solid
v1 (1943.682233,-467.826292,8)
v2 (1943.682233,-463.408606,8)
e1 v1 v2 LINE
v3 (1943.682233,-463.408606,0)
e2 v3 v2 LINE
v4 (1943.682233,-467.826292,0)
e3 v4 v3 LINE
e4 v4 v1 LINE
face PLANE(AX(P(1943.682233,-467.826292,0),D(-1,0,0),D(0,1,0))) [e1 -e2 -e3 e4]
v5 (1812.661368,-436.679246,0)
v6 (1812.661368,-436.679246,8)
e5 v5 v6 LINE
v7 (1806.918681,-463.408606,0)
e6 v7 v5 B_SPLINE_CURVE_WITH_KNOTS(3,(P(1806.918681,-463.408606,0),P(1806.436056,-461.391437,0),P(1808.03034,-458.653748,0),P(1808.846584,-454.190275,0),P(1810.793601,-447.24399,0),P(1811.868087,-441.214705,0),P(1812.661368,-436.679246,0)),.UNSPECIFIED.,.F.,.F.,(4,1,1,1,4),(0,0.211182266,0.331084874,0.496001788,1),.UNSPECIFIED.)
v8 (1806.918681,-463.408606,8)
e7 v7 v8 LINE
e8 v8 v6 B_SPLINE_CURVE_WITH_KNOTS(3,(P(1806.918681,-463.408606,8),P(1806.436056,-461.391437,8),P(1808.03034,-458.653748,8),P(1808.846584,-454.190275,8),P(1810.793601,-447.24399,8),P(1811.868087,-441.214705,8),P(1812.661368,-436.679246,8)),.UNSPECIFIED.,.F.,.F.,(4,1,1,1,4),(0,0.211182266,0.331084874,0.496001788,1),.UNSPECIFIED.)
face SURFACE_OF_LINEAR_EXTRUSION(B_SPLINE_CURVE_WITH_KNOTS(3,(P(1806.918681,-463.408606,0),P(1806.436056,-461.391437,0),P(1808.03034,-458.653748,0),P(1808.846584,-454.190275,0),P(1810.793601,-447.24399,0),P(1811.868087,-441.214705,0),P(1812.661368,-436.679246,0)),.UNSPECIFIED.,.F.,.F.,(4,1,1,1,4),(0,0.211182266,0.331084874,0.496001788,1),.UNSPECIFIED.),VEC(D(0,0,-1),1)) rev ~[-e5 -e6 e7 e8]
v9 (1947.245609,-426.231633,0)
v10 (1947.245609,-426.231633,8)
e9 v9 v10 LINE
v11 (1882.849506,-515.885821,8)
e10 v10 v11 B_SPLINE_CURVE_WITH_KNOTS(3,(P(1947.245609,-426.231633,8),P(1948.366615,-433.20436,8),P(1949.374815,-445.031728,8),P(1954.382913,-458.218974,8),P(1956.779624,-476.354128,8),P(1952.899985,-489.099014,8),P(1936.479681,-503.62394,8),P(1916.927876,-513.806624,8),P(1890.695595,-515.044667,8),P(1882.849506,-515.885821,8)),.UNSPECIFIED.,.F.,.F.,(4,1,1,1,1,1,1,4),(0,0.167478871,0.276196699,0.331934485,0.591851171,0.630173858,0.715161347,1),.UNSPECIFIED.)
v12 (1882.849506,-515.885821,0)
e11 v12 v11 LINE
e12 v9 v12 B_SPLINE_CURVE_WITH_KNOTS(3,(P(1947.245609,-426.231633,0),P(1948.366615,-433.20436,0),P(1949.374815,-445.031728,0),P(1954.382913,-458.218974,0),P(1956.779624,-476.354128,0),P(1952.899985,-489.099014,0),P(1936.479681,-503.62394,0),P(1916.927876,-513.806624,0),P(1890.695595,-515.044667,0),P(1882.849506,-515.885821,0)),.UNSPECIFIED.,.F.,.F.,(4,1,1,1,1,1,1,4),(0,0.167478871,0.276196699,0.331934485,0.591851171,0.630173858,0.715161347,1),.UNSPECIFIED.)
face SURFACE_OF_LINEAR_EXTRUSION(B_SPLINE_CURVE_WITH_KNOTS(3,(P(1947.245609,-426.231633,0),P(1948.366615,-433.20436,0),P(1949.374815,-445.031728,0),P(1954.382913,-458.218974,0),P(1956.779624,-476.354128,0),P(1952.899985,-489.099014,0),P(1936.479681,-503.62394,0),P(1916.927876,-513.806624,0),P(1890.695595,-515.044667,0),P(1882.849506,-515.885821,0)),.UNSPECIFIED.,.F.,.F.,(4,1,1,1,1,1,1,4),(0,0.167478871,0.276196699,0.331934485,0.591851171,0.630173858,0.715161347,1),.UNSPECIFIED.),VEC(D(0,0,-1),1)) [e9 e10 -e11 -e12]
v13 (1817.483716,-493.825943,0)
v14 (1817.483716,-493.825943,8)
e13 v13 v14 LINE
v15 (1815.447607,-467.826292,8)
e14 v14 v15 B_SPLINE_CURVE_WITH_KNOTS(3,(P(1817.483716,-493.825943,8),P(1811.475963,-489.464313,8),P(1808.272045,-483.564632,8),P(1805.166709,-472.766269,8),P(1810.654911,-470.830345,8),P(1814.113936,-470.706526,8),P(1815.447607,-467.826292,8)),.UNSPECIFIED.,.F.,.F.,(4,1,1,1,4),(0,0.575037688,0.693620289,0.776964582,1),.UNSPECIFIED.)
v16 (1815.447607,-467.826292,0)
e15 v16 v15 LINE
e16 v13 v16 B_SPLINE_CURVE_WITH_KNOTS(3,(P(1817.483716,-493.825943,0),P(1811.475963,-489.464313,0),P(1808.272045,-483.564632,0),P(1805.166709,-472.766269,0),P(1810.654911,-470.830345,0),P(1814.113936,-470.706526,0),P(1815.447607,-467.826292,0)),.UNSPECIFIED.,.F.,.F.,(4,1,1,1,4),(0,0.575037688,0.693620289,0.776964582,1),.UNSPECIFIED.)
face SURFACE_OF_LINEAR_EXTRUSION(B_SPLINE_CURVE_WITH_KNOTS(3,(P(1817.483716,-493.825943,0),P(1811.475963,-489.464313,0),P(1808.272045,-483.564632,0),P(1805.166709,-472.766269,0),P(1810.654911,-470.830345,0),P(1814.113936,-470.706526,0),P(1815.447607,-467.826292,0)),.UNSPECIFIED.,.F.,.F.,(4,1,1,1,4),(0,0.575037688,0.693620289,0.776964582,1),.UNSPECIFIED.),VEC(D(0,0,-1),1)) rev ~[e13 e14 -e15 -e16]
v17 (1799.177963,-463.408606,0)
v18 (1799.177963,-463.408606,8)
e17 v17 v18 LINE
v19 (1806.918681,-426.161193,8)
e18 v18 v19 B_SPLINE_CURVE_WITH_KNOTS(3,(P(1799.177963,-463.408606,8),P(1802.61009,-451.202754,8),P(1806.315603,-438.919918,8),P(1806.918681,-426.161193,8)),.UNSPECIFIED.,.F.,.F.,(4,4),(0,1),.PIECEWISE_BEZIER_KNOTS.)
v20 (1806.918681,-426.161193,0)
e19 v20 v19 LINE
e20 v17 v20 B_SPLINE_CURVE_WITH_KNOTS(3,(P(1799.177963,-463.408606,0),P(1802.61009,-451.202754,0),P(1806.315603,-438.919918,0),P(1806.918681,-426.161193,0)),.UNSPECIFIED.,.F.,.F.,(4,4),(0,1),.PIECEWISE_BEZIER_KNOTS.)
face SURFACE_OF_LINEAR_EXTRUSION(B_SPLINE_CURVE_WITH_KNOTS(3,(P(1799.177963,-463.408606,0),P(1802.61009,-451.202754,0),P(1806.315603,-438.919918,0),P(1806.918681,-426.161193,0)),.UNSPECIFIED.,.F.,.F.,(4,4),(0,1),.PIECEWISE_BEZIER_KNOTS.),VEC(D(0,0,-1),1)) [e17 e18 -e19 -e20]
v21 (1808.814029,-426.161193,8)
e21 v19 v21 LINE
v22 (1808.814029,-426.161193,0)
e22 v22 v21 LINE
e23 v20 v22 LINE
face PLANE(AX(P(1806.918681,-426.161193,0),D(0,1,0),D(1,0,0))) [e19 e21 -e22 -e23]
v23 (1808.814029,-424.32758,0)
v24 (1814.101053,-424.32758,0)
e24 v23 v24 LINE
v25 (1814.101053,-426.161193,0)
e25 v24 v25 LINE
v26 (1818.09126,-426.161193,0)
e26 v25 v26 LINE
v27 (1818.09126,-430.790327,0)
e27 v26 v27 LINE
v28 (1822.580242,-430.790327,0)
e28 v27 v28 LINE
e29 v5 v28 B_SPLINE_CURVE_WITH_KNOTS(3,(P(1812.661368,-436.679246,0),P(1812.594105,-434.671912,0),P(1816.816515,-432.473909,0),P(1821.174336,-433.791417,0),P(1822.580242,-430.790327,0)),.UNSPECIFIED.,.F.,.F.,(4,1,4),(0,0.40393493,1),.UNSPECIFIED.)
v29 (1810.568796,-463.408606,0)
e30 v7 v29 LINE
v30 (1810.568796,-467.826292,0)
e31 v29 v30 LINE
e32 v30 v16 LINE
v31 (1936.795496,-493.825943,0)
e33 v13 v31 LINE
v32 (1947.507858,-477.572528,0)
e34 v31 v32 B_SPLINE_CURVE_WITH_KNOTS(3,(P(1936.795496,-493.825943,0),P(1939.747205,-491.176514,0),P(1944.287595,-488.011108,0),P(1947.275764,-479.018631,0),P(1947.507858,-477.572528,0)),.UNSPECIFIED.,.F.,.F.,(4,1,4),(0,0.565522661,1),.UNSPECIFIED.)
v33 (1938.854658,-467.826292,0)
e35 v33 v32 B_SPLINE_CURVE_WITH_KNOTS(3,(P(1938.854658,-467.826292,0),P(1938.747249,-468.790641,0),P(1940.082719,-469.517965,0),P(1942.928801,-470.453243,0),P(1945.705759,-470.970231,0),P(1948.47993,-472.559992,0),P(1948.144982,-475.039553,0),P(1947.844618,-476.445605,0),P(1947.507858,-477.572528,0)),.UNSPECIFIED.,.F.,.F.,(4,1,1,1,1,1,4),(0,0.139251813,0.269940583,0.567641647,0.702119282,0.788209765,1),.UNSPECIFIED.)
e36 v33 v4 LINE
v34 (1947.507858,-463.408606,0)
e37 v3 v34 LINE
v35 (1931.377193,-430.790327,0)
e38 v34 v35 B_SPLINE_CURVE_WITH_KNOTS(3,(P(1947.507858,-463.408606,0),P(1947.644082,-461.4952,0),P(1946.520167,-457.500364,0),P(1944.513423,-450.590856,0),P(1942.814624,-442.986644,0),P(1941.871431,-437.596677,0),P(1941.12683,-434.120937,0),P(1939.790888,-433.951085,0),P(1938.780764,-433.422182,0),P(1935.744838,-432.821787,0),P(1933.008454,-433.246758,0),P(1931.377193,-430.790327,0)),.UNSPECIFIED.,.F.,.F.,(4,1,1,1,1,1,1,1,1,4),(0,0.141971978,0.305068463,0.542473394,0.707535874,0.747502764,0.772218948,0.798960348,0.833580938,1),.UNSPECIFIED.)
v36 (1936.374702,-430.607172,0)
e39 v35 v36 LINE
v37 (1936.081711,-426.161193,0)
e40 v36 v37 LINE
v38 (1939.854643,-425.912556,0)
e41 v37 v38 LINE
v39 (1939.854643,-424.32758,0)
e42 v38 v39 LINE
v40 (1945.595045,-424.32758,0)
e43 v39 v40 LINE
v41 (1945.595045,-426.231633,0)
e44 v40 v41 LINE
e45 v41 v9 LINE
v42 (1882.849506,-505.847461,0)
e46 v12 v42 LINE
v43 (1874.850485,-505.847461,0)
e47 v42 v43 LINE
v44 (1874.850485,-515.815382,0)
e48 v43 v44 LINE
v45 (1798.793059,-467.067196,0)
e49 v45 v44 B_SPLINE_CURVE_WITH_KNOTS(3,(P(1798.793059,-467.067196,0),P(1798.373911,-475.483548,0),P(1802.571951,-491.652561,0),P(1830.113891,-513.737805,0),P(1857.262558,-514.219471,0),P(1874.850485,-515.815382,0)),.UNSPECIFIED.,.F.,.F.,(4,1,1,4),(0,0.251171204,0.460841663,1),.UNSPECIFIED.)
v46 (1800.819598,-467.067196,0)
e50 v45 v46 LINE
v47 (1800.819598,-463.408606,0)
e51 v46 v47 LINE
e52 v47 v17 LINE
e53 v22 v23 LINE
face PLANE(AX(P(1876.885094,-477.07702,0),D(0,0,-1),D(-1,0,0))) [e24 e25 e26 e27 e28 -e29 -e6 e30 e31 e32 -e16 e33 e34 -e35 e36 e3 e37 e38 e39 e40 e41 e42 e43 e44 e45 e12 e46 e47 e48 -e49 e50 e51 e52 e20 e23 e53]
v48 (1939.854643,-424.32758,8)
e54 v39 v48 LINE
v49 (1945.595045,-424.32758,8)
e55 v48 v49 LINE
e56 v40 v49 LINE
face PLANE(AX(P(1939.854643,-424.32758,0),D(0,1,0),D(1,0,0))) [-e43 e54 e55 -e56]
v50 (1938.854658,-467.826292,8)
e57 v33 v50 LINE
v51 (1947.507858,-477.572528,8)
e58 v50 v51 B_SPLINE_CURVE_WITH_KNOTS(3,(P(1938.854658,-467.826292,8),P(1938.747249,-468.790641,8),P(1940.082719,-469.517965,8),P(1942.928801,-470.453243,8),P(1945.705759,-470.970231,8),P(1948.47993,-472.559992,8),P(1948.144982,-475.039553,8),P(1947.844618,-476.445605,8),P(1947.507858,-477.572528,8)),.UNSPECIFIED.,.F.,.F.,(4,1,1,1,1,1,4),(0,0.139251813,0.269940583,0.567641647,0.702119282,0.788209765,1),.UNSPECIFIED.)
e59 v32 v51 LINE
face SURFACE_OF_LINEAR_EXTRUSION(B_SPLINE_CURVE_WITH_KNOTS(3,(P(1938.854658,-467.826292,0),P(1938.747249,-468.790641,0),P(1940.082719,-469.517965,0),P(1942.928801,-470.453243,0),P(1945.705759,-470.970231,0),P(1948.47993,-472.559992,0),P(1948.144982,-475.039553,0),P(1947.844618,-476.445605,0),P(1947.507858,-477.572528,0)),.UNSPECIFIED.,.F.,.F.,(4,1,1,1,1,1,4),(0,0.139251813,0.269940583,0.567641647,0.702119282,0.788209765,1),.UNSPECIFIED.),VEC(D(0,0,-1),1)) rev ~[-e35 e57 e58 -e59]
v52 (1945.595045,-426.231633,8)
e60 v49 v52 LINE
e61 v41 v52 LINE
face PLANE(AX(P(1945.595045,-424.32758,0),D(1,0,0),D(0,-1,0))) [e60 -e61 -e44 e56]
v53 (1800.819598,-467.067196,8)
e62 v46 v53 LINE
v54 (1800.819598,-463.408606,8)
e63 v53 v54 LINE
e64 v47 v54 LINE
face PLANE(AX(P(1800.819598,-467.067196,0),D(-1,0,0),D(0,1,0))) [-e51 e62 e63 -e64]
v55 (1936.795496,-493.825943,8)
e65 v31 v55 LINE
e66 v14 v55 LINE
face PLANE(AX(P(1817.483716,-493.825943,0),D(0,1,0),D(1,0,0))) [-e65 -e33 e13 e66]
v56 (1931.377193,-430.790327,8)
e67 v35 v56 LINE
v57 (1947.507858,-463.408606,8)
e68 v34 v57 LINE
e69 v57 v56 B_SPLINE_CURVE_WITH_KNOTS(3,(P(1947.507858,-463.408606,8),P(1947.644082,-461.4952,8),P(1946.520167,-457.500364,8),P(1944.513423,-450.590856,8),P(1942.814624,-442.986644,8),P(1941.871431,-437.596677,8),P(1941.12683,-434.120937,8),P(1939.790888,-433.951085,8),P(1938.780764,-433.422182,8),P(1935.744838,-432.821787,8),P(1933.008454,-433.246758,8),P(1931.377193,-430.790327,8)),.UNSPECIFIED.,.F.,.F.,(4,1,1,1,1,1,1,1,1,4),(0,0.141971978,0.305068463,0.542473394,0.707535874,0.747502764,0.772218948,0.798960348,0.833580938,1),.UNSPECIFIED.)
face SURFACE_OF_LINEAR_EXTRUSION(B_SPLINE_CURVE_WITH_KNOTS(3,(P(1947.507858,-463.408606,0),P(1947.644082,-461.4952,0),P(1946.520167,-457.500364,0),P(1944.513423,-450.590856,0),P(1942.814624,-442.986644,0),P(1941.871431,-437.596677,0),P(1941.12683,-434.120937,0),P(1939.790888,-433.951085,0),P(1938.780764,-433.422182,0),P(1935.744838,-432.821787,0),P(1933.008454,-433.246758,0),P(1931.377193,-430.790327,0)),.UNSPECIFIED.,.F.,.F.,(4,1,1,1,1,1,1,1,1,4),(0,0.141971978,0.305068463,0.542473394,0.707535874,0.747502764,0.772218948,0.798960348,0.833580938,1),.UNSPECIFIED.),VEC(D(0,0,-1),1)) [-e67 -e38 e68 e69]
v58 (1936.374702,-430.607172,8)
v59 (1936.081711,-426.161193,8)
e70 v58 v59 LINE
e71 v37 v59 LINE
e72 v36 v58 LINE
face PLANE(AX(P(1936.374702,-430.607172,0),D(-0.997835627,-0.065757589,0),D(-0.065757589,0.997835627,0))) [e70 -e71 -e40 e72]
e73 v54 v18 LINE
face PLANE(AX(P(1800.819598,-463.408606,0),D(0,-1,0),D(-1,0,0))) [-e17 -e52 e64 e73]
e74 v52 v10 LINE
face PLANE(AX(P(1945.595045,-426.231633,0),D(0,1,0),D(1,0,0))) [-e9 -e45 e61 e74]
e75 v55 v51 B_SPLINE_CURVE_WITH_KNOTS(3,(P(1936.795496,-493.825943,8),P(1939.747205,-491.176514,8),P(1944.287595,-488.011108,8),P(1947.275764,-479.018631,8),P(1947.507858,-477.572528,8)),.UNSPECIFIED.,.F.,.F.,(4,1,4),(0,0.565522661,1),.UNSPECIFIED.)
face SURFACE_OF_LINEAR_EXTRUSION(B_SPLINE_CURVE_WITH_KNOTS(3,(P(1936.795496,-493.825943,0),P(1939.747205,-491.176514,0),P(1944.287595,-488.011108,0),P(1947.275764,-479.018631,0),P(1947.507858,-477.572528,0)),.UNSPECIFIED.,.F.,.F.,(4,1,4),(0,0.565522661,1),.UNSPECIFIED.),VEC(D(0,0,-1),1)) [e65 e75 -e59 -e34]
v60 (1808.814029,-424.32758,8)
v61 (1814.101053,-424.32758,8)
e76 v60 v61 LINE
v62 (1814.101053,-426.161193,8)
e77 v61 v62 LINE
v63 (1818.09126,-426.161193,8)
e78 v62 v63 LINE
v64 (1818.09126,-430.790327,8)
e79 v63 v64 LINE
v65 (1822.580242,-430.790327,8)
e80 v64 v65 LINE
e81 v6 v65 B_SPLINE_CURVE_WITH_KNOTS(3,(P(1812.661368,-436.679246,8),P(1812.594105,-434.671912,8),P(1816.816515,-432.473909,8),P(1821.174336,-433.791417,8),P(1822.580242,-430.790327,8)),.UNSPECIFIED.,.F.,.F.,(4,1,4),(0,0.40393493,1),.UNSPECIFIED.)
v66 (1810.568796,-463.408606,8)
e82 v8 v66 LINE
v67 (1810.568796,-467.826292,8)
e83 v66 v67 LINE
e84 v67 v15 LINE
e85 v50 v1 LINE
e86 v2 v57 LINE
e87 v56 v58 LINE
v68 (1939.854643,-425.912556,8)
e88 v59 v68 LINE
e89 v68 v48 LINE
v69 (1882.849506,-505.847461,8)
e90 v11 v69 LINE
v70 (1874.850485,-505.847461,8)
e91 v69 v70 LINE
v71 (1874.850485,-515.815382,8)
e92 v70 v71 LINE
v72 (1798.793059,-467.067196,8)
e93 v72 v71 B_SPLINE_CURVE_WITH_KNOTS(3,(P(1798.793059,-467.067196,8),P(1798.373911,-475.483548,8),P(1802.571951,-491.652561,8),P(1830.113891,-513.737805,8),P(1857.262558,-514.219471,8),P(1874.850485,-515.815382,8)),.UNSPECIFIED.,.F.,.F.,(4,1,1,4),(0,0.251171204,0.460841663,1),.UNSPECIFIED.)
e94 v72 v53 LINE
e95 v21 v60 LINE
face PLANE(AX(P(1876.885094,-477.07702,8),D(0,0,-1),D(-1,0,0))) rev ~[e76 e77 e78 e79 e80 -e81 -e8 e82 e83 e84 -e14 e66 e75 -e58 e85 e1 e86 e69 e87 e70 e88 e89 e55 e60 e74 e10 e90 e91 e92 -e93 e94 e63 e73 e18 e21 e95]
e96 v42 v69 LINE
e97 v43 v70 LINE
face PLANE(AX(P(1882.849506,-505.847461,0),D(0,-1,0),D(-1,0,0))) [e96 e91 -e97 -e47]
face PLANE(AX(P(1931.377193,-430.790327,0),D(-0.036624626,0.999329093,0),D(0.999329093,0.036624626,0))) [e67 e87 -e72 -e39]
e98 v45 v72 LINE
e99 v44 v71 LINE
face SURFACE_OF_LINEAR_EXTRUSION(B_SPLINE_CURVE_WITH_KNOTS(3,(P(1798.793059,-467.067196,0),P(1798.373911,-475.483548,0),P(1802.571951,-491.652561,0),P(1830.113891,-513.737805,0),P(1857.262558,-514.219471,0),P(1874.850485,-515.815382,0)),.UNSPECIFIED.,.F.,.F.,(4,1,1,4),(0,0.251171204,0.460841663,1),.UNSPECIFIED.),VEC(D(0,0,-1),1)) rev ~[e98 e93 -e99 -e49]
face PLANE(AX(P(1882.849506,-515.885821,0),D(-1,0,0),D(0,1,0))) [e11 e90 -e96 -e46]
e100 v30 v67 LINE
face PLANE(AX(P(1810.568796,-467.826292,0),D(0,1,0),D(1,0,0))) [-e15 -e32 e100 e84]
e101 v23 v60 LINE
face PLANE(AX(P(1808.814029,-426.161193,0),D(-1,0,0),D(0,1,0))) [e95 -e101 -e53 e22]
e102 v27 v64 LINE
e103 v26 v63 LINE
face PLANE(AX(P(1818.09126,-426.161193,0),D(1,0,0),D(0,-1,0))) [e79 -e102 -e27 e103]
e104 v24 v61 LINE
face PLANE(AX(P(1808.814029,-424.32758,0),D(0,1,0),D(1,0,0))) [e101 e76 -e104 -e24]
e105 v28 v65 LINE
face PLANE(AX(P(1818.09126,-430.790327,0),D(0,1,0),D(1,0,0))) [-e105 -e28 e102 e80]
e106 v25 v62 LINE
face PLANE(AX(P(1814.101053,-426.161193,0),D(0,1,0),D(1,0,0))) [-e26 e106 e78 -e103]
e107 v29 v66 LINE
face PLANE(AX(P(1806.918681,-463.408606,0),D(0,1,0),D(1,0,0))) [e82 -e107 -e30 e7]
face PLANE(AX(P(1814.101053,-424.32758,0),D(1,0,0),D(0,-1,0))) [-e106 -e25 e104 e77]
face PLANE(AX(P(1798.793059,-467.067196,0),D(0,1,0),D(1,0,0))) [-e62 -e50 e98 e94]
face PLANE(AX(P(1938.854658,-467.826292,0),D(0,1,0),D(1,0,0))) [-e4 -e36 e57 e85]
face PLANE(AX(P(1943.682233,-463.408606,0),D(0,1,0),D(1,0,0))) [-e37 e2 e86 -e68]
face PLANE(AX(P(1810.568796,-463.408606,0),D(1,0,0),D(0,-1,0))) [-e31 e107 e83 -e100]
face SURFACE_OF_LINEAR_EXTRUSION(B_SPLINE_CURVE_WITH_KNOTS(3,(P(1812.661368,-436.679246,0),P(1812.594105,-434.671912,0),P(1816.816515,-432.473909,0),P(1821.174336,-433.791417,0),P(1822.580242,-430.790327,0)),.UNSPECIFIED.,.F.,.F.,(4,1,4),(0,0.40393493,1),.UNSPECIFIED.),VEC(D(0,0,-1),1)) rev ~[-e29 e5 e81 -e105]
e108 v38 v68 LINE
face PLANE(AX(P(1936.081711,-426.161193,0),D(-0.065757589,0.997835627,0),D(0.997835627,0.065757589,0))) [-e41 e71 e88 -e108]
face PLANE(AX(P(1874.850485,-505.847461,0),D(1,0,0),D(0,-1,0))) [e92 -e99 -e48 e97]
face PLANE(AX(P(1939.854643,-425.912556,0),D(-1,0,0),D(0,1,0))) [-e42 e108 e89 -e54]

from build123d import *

# Parameters (mm, degrees)
EXTRUDE_1_DEPTH = 8


with BuildPart() as part:
    # 草图1 → 凸台-拉伸1 (new body)
    with BuildSketch(Plane.XY):
        with BuildLine():
            Line((1817.483715836, -493.825942956), (1936.795496106, -493.825942956))
            add(Edge.make_bspline(
                [(1936.795496106, -493.825942956), (1939.747205065, -491.176513643), (1944.2875945, -488.011108288), (1947.275764377, -479.018631105), (1947.507857706, -477.572527646)],
                knots=[0, 0, 0, 0, 0.565522661, 1, 1, 1, 1], degree=3))
            add(Edge.make_bspline(
                [(1938.85465802, -467.826292211), (1938.747248524, -468.790640628), (1940.08271868, -469.517965224), (1942.928801099, -470.453243252), (1945.705758528, -470.970230575), (1948.479929892, -472.559992486), (1948.144981641, -475.039552925), (1947.844617595, -476.44560544), (1947.507857706, -477.572527646)],
                knots=[0, 0, 0, 0, 0.139251813, 0.269940583, 0.567641647, 0.702119282, 0.788209765, 1, 1, 1, 1], degree=3))
            Line((1938.85465802, -467.826292211), (1943.682232582, -467.826292211))
            Line((1943.682232582, -467.826292211), (1943.682232582, -463.408606056))
            Line((1943.682232582, -463.408606056), (1947.507857706, -463.408606056))
            add(Edge.make_bspline(
                [(1947.507857706, -463.408606056), (1947.644081893, -461.495199541), (1946.520167415, -457.500364323), (1944.513422546, -450.590855735), (1942.814624339, -442.986643708), (1941.871430704, -437.596676652), (1941.126830231, -434.120937124), (1939.790888184, -433.95108547), (1938.780764124, -433.422181689), (1935.744837567, -432.821786941), (1933.008453776, -433.246758107), (1931.377193483, -430.790327181)],
                knots=[0, 0, 0, 0, 0.141971978, 0.305068463, 0.542473394, 0.707535874, 0.747502764, 0.772218948, 0.798960348, 0.833580938, 1, 1, 1, 1], degree=3))
            Line((1931.377193483, -430.790327181), (1936.37470245, -430.607172402))
            Line((1936.37470245, -430.607172402), (1936.081711435, -426.161193192))
            Line((1936.081711435, -426.161193192), (1939.854643249, -425.912556149))
            Line((1939.854643249, -425.912556149), (1939.854643249, -424.327579983))
            Line((1939.854643249, -424.327579983), (1945.595045144, -424.327579983))
            Line((1945.595045144, -424.327579983), (1945.595045144, -426.231632553))
            Line((1945.595045144, -426.231632553), (1947.245608576, -426.231632553))
            add(Edge.make_bspline(
                [(1947.245608576, -426.231632553), (1948.366615252, -433.204359796), (1949.374814619, -445.031727754), (1954.382912802, -458.218973948), (1956.779624263, -476.354127582), (1952.899985045, -489.099013973), (1936.4796815, -503.623940281), (1916.927875936, -513.806623528), (1890.695595323, -515.044667383), (1882.84950633, -515.88582089)],
                knots=[0, 0, 0, 0, 0.167478871, 0.276196699, 0.331934485, 0.591851171, 0.630173858, 0.715161347, 1, 1, 1, 1], degree=3))
            Line((1882.84950633, -515.88582089), (1882.84950633, -505.847461251))
            Line((1882.84950633, -505.847461251), (1874.850484606, -505.847461251))
            Line((1874.850484606, -505.847461251), (1874.850484606, -515.815381529))
            add(Edge.make_bspline(
                [(1798.793058799, -467.067195529), (1798.373910849, -475.483548392), (1802.571951061, -491.652561332), (1830.113890776, -513.737805099), (1857.262557517, -514.219471382), (1874.850484606, -515.815381529)],
                knots=[0, 0, 0, 0, 0.251171204, 0.460841663, 1, 1, 1, 1], degree=3))
            Line((1798.793058799, -467.067195529), (1800.819597975, -467.067195529))
            Line((1800.819597975, -467.067195529), (1800.819597975, -463.408606056))
            Line((1800.819597975, -463.408606056), (1799.177963162, -463.408606056))
            add(Edge.make_bspline(
                [(1799.177963162, -463.408606056), (1802.610090374, -451.202753829), (1806.315603165, -438.91991757), (1806.918680909, -426.161193192)],
                knots=[0, 0, 0, 0, 1, 1, 1, 1], degree=3))
            Line((1806.918680909, -426.161193192), (1808.814029121, -426.161193192))
            Line((1808.814029121, -426.161193192), (1808.814029121, -424.327579983))
            Line((1808.814029121, -424.327579983), (1814.101053078, -424.327579983))
            Line((1814.101053078, -424.327579983), (1814.101053078, -426.161193192))
            Line((1814.101053078, -426.161193192), (1818.091259838, -426.161193192))
            Line((1818.091259838, -426.161193192), (1818.091259838, -430.790327181))
            Line((1818.091259838, -430.790327181), (1822.580242443, -430.790327181))
            add(Edge.make_bspline(
                [(1812.661367598, -436.679246025), (1812.594104804, -434.671911838), (1816.816514674, -432.473909369), (1821.174335654, -433.791417411), (1822.580242443, -430.790327181)],
                knots=[0, 0, 0, 0, 0.40393493, 1, 1, 1, 1], degree=3))
            add(Edge.make_bspline(
                [(1806.918680909, -463.408606056), (1806.43605636, -461.391437349), (1808.030340289, -458.653747617), (1808.846583553, -454.190275227), (1810.793601017, -447.243989986), (1811.868086649, -441.214704861), (1812.661367598, -436.679246025)],
                knots=[0, 0, 0, 0, 0.211182266, 0.331084874, 0.496001788, 1, 1, 1, 1], degree=3))
            Line((1806.918680909, -463.408606056), (1810.568796148, -463.408606056))
            Line((1810.568796148, -463.408606056), (1810.568796148, -467.826292211))
            Line((1810.568796148, -467.826292211), (1815.447606527, -467.826292211))
            add(Edge.make_bspline(
                [(1817.483715836, -493.825942956), (1811.475963031, -489.464312999), (1808.27204524, -483.56463233), (1805.166709499, -472.766269003), (1810.654910833, -470.830344712), (1814.113936464, -470.706525868), (1815.447606527, -467.826292211)],
                knots=[0, 0, 0, 0, 0.575037688, 0.693620289, 0.776964582, 1, 1, 1, 1], degree=3))
        make_face()
    extrude(amount=EXTRUDE_1_DEPTH)


solid = part.part
